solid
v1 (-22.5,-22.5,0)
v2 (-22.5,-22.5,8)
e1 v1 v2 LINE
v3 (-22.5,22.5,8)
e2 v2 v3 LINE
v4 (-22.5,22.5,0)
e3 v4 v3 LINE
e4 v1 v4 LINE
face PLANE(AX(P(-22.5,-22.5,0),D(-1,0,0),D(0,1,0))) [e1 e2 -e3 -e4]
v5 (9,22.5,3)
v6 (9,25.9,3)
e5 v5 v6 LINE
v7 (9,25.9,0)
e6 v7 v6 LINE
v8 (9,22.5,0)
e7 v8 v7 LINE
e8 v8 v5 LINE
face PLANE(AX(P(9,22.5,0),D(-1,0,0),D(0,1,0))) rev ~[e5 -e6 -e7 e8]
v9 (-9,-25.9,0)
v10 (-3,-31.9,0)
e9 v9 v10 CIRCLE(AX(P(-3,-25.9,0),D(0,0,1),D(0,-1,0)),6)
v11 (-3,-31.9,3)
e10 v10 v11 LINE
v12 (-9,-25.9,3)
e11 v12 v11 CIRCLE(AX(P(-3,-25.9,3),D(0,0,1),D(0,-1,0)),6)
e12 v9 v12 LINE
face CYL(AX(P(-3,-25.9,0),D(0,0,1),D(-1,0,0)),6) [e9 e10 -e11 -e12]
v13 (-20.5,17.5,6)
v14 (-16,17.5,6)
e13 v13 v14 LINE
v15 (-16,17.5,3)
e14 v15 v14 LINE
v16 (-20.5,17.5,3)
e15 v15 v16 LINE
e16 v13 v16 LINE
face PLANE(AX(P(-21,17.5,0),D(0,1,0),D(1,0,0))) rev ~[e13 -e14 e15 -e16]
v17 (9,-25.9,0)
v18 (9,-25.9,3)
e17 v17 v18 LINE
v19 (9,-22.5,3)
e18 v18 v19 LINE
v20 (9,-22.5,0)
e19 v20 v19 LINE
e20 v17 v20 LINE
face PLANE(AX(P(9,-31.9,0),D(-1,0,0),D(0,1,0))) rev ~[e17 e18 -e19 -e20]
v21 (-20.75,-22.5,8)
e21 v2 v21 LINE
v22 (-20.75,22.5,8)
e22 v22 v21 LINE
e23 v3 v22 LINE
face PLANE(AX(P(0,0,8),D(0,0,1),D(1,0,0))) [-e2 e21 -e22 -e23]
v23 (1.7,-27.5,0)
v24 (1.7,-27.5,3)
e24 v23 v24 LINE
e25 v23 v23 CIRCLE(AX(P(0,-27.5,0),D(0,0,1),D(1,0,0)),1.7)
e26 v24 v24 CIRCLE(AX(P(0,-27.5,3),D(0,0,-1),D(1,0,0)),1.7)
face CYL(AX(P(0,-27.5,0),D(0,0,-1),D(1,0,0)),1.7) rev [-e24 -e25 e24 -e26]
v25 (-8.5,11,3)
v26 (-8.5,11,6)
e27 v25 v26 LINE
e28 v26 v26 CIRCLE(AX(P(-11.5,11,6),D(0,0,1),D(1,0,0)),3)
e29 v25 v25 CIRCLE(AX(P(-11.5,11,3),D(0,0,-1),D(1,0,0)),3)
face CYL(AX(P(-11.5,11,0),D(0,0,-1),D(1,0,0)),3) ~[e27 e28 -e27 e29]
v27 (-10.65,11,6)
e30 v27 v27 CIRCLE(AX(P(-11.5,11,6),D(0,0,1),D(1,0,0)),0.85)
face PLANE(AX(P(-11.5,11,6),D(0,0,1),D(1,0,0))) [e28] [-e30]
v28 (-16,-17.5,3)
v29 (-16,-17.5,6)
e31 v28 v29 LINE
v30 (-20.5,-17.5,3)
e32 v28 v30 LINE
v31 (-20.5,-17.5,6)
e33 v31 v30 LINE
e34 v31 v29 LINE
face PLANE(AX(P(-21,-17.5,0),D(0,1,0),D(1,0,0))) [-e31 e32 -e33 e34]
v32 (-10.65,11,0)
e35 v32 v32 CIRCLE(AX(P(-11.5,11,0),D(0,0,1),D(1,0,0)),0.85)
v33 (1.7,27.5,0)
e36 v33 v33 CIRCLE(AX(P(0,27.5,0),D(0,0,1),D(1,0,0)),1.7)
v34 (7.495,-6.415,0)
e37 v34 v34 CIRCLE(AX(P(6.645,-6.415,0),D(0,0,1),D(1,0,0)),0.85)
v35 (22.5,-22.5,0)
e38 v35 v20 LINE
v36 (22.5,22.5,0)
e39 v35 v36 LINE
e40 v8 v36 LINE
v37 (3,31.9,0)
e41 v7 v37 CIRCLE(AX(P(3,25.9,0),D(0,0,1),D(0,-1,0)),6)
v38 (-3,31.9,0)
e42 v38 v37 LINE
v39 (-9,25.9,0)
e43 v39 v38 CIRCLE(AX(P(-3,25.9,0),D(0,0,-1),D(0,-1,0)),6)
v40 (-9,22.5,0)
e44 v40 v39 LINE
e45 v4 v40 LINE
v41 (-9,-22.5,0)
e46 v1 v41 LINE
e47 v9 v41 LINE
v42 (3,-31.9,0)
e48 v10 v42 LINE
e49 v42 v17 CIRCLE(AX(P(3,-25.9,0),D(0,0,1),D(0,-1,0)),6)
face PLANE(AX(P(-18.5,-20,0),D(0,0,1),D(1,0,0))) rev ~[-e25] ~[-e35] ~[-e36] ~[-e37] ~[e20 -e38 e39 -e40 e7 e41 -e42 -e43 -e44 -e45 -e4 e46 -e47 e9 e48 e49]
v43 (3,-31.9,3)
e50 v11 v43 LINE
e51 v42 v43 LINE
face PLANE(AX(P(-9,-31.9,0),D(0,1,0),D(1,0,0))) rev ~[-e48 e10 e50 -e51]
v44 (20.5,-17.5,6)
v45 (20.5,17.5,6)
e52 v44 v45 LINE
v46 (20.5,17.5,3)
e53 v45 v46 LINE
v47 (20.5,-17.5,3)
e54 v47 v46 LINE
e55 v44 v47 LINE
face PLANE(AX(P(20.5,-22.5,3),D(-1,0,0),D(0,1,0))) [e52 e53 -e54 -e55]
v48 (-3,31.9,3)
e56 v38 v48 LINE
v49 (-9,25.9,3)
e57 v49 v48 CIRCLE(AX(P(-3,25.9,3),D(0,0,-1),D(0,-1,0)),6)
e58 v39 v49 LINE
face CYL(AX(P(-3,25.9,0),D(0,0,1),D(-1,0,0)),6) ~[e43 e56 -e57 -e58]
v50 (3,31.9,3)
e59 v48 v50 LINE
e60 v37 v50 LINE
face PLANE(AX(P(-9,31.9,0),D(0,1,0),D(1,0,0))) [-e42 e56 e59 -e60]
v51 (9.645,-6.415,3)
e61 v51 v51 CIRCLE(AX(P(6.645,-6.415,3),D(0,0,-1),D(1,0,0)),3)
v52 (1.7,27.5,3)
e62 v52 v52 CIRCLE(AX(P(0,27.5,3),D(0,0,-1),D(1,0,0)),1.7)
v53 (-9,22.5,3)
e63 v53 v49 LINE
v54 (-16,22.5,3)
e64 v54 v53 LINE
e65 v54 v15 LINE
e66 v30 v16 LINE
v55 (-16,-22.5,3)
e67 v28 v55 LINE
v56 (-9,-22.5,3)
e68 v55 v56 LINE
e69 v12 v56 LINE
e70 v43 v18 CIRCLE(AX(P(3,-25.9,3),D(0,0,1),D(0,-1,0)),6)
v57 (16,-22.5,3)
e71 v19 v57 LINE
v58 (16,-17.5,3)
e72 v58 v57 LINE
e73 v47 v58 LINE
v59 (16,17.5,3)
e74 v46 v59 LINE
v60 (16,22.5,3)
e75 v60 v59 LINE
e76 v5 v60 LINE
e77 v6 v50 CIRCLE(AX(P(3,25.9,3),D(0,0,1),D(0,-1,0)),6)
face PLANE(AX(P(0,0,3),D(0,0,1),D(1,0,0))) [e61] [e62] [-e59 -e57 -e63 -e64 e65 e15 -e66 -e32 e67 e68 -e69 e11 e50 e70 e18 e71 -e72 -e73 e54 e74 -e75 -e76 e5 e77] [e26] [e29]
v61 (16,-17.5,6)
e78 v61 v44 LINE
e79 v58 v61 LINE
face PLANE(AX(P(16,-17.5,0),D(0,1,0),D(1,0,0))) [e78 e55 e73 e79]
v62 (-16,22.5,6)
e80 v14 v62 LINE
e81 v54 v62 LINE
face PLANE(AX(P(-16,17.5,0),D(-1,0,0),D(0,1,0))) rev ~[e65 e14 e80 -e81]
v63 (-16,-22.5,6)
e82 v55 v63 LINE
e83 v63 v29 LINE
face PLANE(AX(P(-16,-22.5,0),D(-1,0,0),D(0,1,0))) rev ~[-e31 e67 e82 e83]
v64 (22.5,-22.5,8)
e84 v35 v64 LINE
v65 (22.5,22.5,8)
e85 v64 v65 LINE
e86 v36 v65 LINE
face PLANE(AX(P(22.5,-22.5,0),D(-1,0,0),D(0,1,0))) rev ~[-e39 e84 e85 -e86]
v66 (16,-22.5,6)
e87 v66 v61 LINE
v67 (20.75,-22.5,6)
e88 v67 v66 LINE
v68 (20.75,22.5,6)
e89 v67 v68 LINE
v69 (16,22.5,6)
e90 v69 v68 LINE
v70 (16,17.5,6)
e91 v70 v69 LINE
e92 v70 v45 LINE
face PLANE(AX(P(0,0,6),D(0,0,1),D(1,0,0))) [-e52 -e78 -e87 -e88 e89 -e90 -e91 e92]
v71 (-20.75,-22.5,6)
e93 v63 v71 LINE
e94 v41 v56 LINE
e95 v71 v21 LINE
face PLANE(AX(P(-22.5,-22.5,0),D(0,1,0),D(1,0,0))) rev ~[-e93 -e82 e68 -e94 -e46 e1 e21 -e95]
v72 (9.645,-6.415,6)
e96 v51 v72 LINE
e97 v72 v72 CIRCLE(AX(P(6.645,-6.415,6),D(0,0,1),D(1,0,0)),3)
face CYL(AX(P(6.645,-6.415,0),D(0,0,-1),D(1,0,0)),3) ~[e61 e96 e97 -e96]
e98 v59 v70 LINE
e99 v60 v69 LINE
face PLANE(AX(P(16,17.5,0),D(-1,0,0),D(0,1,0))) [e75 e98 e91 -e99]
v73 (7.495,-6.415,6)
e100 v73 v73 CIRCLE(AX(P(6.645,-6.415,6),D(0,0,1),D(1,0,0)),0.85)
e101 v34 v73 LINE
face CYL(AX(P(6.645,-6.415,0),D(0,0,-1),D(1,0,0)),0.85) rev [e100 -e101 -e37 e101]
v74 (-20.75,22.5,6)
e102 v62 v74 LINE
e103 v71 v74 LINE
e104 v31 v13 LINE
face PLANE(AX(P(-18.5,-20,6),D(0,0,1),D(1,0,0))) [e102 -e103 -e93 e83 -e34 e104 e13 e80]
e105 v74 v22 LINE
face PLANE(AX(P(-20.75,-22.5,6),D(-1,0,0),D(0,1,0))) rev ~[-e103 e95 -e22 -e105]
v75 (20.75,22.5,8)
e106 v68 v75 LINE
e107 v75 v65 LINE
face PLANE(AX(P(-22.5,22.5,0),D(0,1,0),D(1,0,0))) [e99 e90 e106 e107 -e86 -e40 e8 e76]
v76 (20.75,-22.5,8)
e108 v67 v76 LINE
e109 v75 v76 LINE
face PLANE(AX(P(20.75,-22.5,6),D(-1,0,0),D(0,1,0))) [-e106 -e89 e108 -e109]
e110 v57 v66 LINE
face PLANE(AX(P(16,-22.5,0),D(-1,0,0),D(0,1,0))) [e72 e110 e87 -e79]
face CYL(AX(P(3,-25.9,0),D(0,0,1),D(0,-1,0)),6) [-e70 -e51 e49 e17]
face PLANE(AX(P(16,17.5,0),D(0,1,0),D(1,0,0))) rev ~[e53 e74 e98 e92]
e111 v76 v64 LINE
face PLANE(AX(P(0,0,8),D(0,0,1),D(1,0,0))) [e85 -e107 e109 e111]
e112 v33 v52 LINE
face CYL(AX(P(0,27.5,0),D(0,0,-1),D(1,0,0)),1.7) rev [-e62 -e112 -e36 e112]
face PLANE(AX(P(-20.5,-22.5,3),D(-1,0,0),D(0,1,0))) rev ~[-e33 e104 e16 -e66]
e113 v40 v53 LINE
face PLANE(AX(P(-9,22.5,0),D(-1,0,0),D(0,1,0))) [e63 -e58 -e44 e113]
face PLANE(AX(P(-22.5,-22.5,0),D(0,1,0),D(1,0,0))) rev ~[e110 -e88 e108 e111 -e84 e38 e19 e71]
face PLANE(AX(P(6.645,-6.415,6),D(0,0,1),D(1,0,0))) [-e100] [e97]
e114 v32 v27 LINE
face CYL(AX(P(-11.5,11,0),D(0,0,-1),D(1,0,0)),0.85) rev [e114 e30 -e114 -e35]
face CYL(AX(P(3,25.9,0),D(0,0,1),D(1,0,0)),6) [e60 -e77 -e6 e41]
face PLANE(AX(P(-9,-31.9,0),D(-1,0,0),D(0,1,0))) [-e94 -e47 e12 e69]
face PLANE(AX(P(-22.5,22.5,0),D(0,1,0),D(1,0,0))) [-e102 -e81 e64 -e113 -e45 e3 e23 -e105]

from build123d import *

# Parameters (mm, degrees)
CYLINDER026_R     = 0.85
CYLINDER026_DEPTH = 6
CYLINDER027_R     = 0.85
CYLINDER027_DEPTH = 6
CYLINDER028_R     = 3
CYLINDER028_DEPTH = 6
BOX032_W          = 41.5
BOX032_H          = 45
BOX032_DEPTH      = 10
BOX031_W          = 5
BOX031_H          = 5
BOX031_DEPTH      = 6
BOX029_W          = 5
BOX029_H          = 5
BOX029_DEPTH      = 6
BOX028_W          = 5
BOX028_H          = 5
BOX028_DEPTH      = 6
BOX030_W          = 5
BOX030_H          = 5
BOX030_DEPTH      = 6
CYLINDER030_R     = 1.7
CYLINDER030_DEPTH = 10
CYLINDER031_R     = 1.7
CYLINDER031_DEPTH = 10
BOX025_W          = 41
BOX025_H          = 45
BOX025_DEPTH      = 6
BOX026_W          = 18
BOX026_H          = 9.4
BOX026_DEPTH      = 3
BOX027_W          = 18
BOX027_H          = 9.4
BOX027_DEPTH      = 3
FILLET002_R       = 6
BOX024_W          = 45
BOX024_H          = 45
BOX024_DEPTH      = 8
CYLINDER029_R     = 3
CYLINDER029_DEPTH = 6


with BuildPart() as cylinder026:
    # Cylinder026 → Cylinder026 (new body)
    with BuildSketch(Plane(origin=(-11.5, 11, 0), x_dir=(1, 0, 0), z_dir=(0, 0, 1))):
        Circle(CYLINDER026_R)
    extrude(amount=CYLINDER026_DEPTH)


with BuildPart() as fusion001033:
    # Cylinder027 → Cylinder027 (new body)
    with BuildSketch(Plane(origin=(6.645, -6.415, 0), x_dir=(1, 0, 0), z_dir=(0, 0, 1))):
        Circle(CYLINDER027_R)
    extrude(amount=CYLINDER027_DEPTH)

    # Fusion001033: union Cylinder026
    add(cylinder026.part)


with BuildPart() as cylinder028:
    # Cylinder028 → Cylinder028 (new body)
    with BuildSketch(Plane(origin=(-11.5, 11, 0), x_dir=(1, 0, 0), z_dir=(0, 0, 1))):
        Circle(CYLINDER028_R)
    extrude(amount=CYLINDER028_DEPTH)


with BuildPart() as cube032:
    # Box032 → Box032 (new body)
    with BuildSketch(Plane(origin=(-20.75, -22.5, 6), x_dir=(1, 0, 0), z_dir=(0, 0, 1))):
        with Locations((20.75, 22.5)):
            Rectangle(BOX032_W, BOX032_H)
    extrude(amount=BOX032_DEPTH)


with BuildPart() as cube031:
    # Box031 → Box031 (new body)
    with BuildSketch(Plane(origin=(-21, 17.5, 0), x_dir=(1, 0, 0), z_dir=(0, 0, 1))):
        with Locations((2.5, 2.5)):
            Rectangle(BOX031_W, BOX031_H)
    extrude(amount=BOX031_DEPTH)


with BuildPart() as cube029:
    # Box029 → Box029 (new body)
    with BuildSketch(Plane(origin=(16, -22.5, 0), x_dir=(1, 0, 0), z_dir=(0, 0, 1))):
        with Locations((2.5, 2.5)):
            Rectangle(BOX029_W, BOX029_H)
    extrude(amount=BOX029_DEPTH)


with BuildPart() as cube028:
    # Box028 → Box028 (new body)
    with BuildSketch(Plane(origin=(-21, -22.5, 0), x_dir=(1, 0, 0), z_dir=(0, 0, 1))):
        with Locations((2.5, 2.5)):
            Rectangle(BOX028_W, BOX028_H)
    extrude(amount=BOX028_DEPTH)


with BuildPart() as fusion001030:
    # Box030 → Box030 (new body)
    with BuildSketch(Plane(origin=(16, 17.5, 0), x_dir=(1, 0, 0), z_dir=(0, 0, 1))):
        with Locations((2.5, 2.5)):
            Rectangle(BOX030_W, BOX030_H)
    extrude(amount=BOX030_DEPTH)

    # Fusion001030: union Cube031, Cube029, Cube028
    add(cube031.part)
    add(cube029.part)
    add(cube028.part)


with BuildPart() as cylinder030:
    # Cylinder030 → Cylinder030 (new body)
    with BuildSketch(Plane(origin=(0, 27.5, 0), x_dir=(1, 0, 0), z_dir=(0, 0, 1))):
        Circle(CYLINDER030_R)
    extrude(amount=CYLINDER030_DEPTH)


with BuildPart() as fusion001026:
    # Cylinder031 → Cylinder031 (new body)
    with BuildSketch(Plane(origin=(0, -27.5, 0), x_dir=(1, 0, 0), z_dir=(0, 0, 1))):
        Circle(CYLINDER031_R)
    extrude(amount=CYLINDER031_DEPTH)

    # Fusion001026: union Cylinder030
    add(cylinder030.part)


with BuildPart() as cube025:
    # Box025 → Box025 (new body)
    with BuildSketch(Plane(origin=(-20.5, -22.5, 3), x_dir=(1, 0, 0), z_dir=(0, 0, 1))):
        with Locations((20.5, 22.5)):
            Rectangle(BOX025_W, BOX025_H)
    extrude(amount=BOX025_DEPTH)


with BuildPart() as cube026:
    # Box026 → Box026 (new body)
    with BuildSketch(Plane(origin=(-9, 22.5, 0), x_dir=(1, 0, 0), z_dir=(0, 0, 1))):
        with Locations((9, 4.7)):
            Rectangle(BOX026_W, BOX026_H)
    extrude(amount=BOX026_DEPTH)


with BuildPart() as fillet002:
    # Box027 → Box027 (new body)
    with BuildSketch(Plane(origin=(-9, -31.9, 0), x_dir=(1, 0, 0), z_dir=(0, 0, 1))):
        with Locations((9, 4.7)):
            Rectangle(BOX027_W, BOX027_H)
    extrude(amount=BOX027_DEPTH)

    # Fusion001021: union Cube026
    add(cube026.part)

    # Fillet002
    fillet002_edges = [fillet002.edges().sort_by_distance(p)[0] for p in [
        (-9, -31.9, 1.5),
        (9, -31.9, 1.5),
        (-9, 31.9, 1.5),
        (9, 31.9, 1.5),
    ]]
    fillet(fillet002_edges, radius=FILLET002_R)


with BuildPart() as cut024:
    # Box024 → Box024 (new body)
    with BuildSketch(Plane(origin=(-22.5, -22.5, 0), x_dir=(1, 0, 0), z_dir=(0, 0, 1))):
        with Locations((22.5, 22.5)):
            Rectangle(BOX024_W, BOX024_H)
    extrude(amount=BOX024_DEPTH)

    # Fusion001022: union Fillet002
    add(fillet002.part)

    # Cut022: cut Cube025
    add(cube025.part, mode=Mode.SUBTRACT)

    # Cut023: cut Fusion001026
    add(fusion001026.part, mode=Mode.SUBTRACT)

    # Fusion001031: union Fusion001030
    add(fusion001030.part)

    # Cut024: cut Cube032
    add(cube032.part, mode=Mode.SUBTRACT)


with BuildPart() as cut025:
    # Cylinder029 → Cylinder029 (new body)
    with BuildSketch(Plane(origin=(6.645, -6.415, 0), x_dir=(1, 0, 0), z_dir=(0, 0, 1))):
        Circle(CYLINDER029_R)
    extrude(amount=CYLINDER029_DEPTH)

    # Fusion001032: union Cylinder028, Cut024
    add(cylinder028.part)
    add(cut024.part)

    # Cut025: cut Fusion001033
    add(fusion001033.part, mode=Mode.SUBTRACT)


solid = cut025.part
